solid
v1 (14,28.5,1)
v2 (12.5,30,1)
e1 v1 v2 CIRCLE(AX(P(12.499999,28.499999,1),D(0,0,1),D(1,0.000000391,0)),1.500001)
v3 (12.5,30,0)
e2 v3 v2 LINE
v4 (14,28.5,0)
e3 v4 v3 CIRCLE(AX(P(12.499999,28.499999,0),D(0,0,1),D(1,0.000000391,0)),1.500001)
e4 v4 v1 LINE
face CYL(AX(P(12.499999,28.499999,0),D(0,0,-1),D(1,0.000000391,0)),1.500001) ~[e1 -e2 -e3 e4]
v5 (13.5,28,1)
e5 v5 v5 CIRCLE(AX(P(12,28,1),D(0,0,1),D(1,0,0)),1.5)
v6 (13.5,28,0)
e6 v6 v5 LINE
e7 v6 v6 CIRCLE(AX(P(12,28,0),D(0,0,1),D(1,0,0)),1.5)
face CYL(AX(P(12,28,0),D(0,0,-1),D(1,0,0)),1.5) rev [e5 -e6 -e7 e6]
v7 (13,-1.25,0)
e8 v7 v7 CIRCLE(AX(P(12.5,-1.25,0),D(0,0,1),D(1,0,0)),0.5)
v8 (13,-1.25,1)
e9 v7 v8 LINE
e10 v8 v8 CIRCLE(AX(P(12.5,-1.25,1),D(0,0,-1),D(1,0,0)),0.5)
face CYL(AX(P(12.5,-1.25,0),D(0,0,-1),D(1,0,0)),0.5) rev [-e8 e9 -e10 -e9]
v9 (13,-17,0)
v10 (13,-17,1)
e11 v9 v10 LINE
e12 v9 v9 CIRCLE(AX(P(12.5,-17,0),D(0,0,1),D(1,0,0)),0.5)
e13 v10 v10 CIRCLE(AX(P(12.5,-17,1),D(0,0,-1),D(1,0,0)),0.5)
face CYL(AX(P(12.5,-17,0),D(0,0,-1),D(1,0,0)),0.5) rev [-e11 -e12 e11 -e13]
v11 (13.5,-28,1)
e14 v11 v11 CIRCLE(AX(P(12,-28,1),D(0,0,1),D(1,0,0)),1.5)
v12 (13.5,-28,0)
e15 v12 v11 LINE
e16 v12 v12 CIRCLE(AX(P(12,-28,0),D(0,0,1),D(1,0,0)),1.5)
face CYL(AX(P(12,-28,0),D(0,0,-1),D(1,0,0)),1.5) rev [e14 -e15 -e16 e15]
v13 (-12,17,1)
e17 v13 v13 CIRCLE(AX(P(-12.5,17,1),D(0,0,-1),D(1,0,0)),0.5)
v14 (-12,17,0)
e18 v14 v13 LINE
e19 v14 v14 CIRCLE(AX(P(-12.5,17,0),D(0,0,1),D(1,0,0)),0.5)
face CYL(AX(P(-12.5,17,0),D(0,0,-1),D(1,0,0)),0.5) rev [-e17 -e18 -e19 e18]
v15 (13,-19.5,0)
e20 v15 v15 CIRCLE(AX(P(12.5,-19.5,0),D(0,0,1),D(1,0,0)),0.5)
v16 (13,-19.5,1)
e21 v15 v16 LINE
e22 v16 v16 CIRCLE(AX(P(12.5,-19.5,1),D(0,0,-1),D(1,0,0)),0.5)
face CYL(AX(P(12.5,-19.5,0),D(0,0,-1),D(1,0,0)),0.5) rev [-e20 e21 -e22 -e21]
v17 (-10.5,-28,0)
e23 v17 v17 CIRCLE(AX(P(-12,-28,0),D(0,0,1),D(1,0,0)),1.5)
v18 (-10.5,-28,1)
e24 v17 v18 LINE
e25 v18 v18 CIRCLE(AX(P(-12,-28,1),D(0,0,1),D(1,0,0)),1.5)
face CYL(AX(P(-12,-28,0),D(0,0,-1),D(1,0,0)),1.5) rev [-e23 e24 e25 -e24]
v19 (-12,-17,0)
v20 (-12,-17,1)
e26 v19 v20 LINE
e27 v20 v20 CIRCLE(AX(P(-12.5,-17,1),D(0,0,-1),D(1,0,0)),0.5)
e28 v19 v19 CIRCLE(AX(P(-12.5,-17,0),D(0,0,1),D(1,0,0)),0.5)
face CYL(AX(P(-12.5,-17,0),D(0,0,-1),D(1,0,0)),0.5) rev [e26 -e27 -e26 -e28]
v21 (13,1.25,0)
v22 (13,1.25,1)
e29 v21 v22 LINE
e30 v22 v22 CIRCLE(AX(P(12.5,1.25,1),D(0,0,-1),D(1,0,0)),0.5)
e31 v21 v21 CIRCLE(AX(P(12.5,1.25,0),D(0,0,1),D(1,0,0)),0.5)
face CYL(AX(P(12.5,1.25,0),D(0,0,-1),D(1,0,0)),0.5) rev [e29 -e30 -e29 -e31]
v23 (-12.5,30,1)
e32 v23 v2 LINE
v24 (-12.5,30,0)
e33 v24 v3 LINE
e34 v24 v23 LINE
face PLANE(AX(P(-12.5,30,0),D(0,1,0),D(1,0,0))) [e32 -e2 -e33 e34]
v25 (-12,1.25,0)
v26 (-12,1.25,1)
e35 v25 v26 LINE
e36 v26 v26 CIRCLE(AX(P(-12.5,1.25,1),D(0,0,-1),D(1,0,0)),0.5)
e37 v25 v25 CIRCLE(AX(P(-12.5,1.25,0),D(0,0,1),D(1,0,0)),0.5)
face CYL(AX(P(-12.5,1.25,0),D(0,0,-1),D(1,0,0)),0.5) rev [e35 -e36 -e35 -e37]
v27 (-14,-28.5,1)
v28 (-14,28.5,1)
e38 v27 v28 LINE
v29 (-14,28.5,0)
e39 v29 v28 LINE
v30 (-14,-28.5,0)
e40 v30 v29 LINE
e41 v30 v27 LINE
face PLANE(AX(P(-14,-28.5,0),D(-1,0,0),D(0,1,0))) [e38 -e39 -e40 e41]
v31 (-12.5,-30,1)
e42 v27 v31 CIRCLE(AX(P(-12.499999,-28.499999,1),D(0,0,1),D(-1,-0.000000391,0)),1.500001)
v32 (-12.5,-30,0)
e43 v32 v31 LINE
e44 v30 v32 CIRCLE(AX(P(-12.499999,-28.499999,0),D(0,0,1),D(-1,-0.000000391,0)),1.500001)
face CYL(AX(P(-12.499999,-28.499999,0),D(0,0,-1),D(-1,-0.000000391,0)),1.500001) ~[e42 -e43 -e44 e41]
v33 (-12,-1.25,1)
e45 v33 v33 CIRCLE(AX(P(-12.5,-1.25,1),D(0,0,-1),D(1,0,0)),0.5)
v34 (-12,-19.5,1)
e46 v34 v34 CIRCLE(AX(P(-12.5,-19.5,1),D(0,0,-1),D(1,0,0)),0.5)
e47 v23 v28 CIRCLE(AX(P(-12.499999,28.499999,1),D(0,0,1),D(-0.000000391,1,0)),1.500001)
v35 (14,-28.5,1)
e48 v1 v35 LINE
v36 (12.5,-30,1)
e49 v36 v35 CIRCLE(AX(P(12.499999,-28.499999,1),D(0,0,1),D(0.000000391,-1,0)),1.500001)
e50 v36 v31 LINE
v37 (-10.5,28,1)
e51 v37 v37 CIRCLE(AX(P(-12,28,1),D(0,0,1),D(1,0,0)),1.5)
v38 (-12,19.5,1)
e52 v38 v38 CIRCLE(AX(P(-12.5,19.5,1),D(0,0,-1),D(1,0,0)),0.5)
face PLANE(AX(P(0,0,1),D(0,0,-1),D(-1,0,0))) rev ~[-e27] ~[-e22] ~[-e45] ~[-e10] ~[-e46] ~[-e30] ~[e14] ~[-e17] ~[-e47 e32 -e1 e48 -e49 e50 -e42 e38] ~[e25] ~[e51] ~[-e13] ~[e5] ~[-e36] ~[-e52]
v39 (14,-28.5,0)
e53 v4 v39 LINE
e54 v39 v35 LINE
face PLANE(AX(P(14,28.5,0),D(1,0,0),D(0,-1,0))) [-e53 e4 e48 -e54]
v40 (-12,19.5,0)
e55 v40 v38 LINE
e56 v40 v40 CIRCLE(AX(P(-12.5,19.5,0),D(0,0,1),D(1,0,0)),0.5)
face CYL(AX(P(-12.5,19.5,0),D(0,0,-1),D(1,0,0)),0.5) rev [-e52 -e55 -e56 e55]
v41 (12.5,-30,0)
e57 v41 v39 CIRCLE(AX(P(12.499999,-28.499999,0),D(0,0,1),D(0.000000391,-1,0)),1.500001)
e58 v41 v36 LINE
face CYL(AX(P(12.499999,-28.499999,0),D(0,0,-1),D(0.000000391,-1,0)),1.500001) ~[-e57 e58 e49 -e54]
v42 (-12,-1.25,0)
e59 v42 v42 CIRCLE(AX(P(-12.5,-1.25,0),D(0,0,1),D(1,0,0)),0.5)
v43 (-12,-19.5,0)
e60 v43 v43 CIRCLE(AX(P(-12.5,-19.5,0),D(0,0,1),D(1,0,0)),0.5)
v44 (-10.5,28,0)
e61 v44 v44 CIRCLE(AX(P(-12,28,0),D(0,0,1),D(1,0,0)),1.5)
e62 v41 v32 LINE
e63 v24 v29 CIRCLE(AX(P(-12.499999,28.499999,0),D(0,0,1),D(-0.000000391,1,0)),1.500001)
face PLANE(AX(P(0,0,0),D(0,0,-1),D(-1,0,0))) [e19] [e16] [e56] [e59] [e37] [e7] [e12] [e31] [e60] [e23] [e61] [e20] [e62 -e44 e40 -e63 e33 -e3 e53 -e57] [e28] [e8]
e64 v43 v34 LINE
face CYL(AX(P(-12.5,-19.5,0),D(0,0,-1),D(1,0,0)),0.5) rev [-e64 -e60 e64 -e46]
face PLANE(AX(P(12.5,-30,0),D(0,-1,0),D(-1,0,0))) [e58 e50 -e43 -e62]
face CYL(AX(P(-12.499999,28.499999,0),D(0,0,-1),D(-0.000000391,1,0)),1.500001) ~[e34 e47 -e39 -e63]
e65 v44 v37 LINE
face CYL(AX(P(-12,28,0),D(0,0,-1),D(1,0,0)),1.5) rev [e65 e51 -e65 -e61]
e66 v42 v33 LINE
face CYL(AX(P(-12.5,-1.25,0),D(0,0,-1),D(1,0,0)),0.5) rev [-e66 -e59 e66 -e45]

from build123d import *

# Parameters (mm, degrees)
SKETCH_R     = 1.5
PAD_DEPTH    = 1
SKETCH001_R  = 0.5
POCKET_DEPTH = 1.001


with BuildPart() as part:
    # Sketch → Pad (new body)
    with BuildSketch(Plane.XY):
        with BuildLine():
            Line((-12.5, 30), (12.5, 30))
            ThreePointArc((14, 28.5), (13.56066, 29.56066), (12.5, 30))
            Line((14, 28.5), (14, -28.5))
            ThreePointArc((12.5, -30), (13.56066, -29.56066), (14, -28.5))
            Line((12.5, -30), (-12.5, -30))
            ThreePointArc((-14, -28.5), (-13.56066, -29.56066), (-12.5, -30))
            Line((-14, -28.5), (-14, 28.5))
            ThreePointArc((-12.5, 30), (-13.56066, 29.56066), (-14, 28.5))
        make_face()
        with Locations((-12, 28)):
            Circle(SKETCH_R, mode=Mode.SUBTRACT)
        with Locations((12, 28)):
            Circle(SKETCH_R, mode=Mode.SUBTRACT)
        with Locations((-12, -28)):
            Circle(SKETCH_R, mode=Mode.SUBTRACT)
        with Locations((12, -28)):
            Circle(SKETCH_R, mode=Mode.SUBTRACT)
    extrude(amount=PAD_DEPTH)

    # Sketch001 → Pocket (cut, through all)
    with BuildSketch(Plane.XY):
        with Locations((-12.5, 19.5)):
            Circle(SKETCH001_R)
        with Locations((-12.5, 17)):
            Circle(SKETCH001_R)
        with Locations((-12.5, 1.25)):
            Circle(SKETCH001_R)
        with Locations((-12.5, -1.25)):
            Circle(SKETCH001_R)
        with Locations((-12.5, -17)):
            Circle(SKETCH001_R)
        with Locations((-12.5, -19.5)):
            Circle(SKETCH001_R)
        with Locations((12.5, -17)):
            Circle(SKETCH001_R)
        with Locations((12.5, -19.5)):
            Circle(SKETCH001_R)
        with Locations((12.5, 1.25)):
            Circle(SKETCH001_R)
        with Locations((12.5, -1.25)):
            Circle(SKETCH001_R)
    extrude(amount=POCKET_DEPTH, mode=Mode.SUBTRACT)


solid = part.part
